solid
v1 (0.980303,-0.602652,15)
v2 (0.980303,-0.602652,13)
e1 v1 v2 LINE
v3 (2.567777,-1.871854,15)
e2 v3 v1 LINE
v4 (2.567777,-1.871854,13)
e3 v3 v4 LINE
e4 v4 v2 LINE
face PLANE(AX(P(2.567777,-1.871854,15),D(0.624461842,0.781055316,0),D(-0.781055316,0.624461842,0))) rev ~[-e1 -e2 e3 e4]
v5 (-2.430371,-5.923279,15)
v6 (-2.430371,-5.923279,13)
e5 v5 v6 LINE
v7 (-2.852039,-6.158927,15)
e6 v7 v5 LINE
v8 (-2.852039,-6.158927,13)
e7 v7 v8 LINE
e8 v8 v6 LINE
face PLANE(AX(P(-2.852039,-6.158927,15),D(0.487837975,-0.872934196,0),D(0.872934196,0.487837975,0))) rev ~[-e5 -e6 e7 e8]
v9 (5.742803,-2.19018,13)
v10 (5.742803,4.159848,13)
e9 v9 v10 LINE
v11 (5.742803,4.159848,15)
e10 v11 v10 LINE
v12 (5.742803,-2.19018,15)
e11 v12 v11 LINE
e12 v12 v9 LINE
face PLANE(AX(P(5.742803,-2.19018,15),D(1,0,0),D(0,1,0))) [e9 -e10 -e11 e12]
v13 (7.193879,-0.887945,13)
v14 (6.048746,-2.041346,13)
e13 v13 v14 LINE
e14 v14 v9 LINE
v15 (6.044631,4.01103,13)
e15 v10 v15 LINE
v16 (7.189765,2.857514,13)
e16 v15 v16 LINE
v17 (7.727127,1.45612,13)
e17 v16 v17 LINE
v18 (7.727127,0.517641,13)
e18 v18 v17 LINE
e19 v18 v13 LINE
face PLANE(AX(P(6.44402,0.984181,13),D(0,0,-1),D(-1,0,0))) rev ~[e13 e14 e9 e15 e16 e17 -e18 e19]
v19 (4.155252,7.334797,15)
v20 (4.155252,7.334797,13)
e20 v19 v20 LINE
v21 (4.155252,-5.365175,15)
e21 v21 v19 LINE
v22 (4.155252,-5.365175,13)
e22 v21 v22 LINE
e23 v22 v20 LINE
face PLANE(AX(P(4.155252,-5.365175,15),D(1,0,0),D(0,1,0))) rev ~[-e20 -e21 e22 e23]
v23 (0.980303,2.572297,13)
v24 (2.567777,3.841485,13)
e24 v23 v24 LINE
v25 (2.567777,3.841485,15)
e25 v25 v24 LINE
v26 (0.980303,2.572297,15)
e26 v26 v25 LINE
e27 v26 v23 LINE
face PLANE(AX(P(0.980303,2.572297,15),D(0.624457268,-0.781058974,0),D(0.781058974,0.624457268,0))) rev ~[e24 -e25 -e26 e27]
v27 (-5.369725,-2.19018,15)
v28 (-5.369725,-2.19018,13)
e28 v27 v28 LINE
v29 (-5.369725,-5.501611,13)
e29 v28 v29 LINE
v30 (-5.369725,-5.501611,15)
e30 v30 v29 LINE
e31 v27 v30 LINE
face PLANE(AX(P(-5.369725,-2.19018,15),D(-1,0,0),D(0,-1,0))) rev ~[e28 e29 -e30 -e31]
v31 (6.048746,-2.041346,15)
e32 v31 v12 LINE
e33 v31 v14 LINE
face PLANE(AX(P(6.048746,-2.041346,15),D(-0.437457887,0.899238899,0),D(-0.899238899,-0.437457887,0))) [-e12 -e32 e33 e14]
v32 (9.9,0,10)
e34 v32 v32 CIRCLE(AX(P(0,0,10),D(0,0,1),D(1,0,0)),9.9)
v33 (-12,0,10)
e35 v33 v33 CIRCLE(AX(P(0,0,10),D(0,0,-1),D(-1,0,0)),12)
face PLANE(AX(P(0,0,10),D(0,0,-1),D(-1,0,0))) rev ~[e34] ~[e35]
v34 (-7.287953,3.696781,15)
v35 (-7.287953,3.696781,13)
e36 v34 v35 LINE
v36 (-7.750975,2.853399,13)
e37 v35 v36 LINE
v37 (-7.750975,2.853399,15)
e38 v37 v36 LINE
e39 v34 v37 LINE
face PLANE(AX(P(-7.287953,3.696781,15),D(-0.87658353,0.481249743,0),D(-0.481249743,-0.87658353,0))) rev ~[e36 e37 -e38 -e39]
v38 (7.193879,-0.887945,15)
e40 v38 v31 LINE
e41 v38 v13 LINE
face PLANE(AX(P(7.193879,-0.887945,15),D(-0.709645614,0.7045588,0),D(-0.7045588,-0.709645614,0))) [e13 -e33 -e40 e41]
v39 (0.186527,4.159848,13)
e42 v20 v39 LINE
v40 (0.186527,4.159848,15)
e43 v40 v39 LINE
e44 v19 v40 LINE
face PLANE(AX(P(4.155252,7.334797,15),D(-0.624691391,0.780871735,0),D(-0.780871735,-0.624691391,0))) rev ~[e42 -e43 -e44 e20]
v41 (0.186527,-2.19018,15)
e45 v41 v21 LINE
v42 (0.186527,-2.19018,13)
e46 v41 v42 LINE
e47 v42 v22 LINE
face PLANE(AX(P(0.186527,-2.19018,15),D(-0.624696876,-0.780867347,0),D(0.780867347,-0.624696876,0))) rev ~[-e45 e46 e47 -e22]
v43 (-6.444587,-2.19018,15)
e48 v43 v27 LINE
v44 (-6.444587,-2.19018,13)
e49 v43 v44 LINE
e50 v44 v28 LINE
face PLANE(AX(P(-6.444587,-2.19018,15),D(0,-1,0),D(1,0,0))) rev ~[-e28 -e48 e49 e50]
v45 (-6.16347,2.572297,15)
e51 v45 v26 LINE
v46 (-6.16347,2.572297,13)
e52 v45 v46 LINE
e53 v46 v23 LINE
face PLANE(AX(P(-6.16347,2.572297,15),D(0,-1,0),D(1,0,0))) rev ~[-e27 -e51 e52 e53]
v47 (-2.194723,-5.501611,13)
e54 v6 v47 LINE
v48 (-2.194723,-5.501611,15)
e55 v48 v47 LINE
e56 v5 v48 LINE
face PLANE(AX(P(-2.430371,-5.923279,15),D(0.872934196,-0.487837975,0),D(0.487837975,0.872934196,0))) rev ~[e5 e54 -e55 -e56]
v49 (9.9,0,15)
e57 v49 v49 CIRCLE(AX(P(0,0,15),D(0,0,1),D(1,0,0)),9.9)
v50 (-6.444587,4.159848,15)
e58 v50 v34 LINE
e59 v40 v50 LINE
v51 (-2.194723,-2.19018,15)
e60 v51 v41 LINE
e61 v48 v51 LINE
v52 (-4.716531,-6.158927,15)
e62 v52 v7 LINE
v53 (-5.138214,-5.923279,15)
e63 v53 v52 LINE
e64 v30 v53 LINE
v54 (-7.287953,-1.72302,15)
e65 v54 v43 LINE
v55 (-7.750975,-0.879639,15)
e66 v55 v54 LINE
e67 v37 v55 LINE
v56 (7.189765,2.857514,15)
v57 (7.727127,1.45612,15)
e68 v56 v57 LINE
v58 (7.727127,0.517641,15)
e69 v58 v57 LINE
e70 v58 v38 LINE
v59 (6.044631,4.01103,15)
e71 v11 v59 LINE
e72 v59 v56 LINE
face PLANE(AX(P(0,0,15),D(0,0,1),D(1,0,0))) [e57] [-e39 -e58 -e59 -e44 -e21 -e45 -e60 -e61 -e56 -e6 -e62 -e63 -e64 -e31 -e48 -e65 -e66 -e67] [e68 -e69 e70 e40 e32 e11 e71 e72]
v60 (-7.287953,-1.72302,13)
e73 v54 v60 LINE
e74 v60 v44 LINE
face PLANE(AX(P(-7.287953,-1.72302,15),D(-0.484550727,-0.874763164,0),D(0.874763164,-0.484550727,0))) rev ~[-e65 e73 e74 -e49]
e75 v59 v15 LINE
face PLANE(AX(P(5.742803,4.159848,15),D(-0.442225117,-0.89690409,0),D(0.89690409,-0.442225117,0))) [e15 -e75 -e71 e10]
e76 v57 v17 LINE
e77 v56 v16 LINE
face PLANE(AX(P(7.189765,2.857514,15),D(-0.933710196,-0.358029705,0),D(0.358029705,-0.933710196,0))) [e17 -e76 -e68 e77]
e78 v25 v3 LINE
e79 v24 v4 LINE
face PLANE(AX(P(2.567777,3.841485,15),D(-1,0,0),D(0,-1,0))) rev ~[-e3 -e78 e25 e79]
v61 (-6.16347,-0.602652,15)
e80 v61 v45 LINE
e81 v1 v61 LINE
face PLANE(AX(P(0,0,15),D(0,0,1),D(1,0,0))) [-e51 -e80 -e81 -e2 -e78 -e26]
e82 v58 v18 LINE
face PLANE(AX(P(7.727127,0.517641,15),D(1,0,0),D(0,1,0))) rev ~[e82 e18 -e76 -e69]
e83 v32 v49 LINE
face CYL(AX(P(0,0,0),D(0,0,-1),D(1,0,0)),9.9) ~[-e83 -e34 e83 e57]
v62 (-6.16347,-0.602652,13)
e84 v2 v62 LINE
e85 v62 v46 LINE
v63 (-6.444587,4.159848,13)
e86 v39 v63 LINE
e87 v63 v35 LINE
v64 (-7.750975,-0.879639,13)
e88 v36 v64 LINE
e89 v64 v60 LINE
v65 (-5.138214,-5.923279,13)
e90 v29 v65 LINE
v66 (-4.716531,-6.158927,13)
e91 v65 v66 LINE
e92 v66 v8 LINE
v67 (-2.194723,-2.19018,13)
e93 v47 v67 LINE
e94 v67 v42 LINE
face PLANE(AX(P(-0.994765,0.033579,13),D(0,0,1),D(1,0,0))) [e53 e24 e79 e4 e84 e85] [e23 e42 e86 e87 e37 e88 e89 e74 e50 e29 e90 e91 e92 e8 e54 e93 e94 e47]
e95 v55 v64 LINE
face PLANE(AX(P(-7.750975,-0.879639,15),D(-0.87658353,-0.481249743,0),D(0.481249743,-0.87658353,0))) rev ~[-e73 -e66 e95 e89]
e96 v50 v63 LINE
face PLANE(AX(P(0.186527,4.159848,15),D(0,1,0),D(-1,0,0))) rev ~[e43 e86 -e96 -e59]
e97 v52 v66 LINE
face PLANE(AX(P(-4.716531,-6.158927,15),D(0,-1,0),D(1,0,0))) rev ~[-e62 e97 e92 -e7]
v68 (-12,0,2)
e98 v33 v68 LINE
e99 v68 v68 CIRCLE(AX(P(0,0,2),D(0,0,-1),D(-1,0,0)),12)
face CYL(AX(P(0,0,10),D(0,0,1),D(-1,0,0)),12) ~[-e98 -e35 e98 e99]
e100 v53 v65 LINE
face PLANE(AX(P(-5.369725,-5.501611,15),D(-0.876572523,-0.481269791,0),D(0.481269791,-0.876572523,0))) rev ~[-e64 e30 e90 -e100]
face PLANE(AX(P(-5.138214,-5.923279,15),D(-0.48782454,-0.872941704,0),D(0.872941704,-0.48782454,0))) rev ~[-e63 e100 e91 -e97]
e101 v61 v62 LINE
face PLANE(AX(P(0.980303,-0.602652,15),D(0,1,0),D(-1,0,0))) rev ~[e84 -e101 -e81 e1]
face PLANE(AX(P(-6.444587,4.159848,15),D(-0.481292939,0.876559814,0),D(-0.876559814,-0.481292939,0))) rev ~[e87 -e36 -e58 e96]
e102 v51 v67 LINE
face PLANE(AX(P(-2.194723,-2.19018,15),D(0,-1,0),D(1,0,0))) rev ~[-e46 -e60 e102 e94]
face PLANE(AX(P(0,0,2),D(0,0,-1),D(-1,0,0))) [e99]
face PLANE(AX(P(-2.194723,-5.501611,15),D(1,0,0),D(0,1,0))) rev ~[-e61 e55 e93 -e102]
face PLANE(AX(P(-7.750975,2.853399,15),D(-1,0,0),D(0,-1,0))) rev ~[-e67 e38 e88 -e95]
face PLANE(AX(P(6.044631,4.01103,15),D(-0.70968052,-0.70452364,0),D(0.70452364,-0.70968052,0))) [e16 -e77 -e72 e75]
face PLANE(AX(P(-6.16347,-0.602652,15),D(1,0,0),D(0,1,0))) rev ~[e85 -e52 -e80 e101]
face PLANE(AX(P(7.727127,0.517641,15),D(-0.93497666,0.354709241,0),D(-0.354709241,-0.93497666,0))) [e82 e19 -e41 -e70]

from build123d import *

# Parameters (mm, degrees)
ESQUISSE1_R             = 9.9
BOSS_EXTRU_1_DEPTH      = 15
ENL_V_MAT_EXTRU_1_DEPTH = 2
ESQUISSE6_R             = 9.9
ENL_V_MAT_EXTRU_2_DEPTH = 10
ESQUISSE8_R             = 12
BOSS_EXTRU_2_DEPTH      = 8


with BuildPart() as part:
    # Esquisse1 → Boss.-Extru.1 (new body)
    with BuildSketch(Plane.XY):
        Circle(ESQUISSE1_R)
    extrude(amount=BOSS_EXTRU_1_DEPTH)

    # Esquisse4 → Enlèv. mat.-Extru.1 (cut)
    # profile 1 of 2: a face of its own
    with BuildSketch(Plane.XY.offset(15)):
        Polygon((0.186527371, 4.159848226), (-6.163470089, 4.159848226), (-6.444587129, 4.159848226), (-7.287953489, 3.696780826), (-7.750975169, 2.853399226), (-7.750975169, 2.572297426), (-7.750975169, -0.602651774), (-7.750975169, -0.879638774), (-7.287953489, -1.723020374), (-6.444587129, -2.190179714), (-6.163470089, -2.190179714), (-5.369725169, -2.190179714), (-5.369725169, -5.365174634), (-5.369725169, -5.501610734), (-5.138214329, -5.923278674), (-4.716531149, -6.158927174), (-4.575972629, -6.158927174), (-2.988475169, -6.158927174), (-2.852039069, -6.158927174), (-2.430371129, -5.923278674), (-2.194722629, -5.501610734), (-2.194722629, -5.365174634), (-2.194722629, -2.190179714), (0.186527371, -2.190179714), (4.155251971, -5.365174634), (4.155251971, 7.334797426), align=None)
        Polygon((2.567777371, -1.871854214), (0.980302771, -0.602651774), (-6.163470089, -0.602651774), (-6.163470089, 2.572297426), (0.980302771, 2.572297426), (2.567777371, 3.841484626), align=None, mode=Mode.SUBTRACT)
    # profile 2 of 2: a face of its own
    with BuildSketch(Plane.XY.offset(15)):
        Polygon((7.727126971, 0.984822826), (7.727126971, 0.517640626), (7.193879371, -0.887944574), (6.048745771, -2.041345874), (5.742802771, -2.190179714), (5.742802771, 4.159848226), (6.044630971, 4.011029626), (7.189764571, 2.857514026), (7.727126971, 1.456119826), align=None)
    extrude(amount=-ENL_V_MAT_EXTRU_1_DEPTH, mode=Mode.SUBTRACT)

    # Esquisse6 → Enlèv. mat.-Extru.2 (cut)
    with BuildSketch(Plane(origin=(0, 0, 0), x_dir=(-1, 0, 0), z_dir=(0, 0, -1))):
        Circle(ESQUISSE6_R)
    extrude(amount=-ENL_V_MAT_EXTRU_2_DEPTH, mode=Mode.SUBTRACT)

    # Esquisse8 → Boss.-Extru.2 (add)
    with BuildSketch(Plane(origin=(0, 0, 10), x_dir=(-1, 0, 0), z_dir=(0, 0, -1))):
        Circle(ESQUISSE8_R)
    extrude(amount=BOSS_EXTRU_2_DEPTH)


solid = part.part
